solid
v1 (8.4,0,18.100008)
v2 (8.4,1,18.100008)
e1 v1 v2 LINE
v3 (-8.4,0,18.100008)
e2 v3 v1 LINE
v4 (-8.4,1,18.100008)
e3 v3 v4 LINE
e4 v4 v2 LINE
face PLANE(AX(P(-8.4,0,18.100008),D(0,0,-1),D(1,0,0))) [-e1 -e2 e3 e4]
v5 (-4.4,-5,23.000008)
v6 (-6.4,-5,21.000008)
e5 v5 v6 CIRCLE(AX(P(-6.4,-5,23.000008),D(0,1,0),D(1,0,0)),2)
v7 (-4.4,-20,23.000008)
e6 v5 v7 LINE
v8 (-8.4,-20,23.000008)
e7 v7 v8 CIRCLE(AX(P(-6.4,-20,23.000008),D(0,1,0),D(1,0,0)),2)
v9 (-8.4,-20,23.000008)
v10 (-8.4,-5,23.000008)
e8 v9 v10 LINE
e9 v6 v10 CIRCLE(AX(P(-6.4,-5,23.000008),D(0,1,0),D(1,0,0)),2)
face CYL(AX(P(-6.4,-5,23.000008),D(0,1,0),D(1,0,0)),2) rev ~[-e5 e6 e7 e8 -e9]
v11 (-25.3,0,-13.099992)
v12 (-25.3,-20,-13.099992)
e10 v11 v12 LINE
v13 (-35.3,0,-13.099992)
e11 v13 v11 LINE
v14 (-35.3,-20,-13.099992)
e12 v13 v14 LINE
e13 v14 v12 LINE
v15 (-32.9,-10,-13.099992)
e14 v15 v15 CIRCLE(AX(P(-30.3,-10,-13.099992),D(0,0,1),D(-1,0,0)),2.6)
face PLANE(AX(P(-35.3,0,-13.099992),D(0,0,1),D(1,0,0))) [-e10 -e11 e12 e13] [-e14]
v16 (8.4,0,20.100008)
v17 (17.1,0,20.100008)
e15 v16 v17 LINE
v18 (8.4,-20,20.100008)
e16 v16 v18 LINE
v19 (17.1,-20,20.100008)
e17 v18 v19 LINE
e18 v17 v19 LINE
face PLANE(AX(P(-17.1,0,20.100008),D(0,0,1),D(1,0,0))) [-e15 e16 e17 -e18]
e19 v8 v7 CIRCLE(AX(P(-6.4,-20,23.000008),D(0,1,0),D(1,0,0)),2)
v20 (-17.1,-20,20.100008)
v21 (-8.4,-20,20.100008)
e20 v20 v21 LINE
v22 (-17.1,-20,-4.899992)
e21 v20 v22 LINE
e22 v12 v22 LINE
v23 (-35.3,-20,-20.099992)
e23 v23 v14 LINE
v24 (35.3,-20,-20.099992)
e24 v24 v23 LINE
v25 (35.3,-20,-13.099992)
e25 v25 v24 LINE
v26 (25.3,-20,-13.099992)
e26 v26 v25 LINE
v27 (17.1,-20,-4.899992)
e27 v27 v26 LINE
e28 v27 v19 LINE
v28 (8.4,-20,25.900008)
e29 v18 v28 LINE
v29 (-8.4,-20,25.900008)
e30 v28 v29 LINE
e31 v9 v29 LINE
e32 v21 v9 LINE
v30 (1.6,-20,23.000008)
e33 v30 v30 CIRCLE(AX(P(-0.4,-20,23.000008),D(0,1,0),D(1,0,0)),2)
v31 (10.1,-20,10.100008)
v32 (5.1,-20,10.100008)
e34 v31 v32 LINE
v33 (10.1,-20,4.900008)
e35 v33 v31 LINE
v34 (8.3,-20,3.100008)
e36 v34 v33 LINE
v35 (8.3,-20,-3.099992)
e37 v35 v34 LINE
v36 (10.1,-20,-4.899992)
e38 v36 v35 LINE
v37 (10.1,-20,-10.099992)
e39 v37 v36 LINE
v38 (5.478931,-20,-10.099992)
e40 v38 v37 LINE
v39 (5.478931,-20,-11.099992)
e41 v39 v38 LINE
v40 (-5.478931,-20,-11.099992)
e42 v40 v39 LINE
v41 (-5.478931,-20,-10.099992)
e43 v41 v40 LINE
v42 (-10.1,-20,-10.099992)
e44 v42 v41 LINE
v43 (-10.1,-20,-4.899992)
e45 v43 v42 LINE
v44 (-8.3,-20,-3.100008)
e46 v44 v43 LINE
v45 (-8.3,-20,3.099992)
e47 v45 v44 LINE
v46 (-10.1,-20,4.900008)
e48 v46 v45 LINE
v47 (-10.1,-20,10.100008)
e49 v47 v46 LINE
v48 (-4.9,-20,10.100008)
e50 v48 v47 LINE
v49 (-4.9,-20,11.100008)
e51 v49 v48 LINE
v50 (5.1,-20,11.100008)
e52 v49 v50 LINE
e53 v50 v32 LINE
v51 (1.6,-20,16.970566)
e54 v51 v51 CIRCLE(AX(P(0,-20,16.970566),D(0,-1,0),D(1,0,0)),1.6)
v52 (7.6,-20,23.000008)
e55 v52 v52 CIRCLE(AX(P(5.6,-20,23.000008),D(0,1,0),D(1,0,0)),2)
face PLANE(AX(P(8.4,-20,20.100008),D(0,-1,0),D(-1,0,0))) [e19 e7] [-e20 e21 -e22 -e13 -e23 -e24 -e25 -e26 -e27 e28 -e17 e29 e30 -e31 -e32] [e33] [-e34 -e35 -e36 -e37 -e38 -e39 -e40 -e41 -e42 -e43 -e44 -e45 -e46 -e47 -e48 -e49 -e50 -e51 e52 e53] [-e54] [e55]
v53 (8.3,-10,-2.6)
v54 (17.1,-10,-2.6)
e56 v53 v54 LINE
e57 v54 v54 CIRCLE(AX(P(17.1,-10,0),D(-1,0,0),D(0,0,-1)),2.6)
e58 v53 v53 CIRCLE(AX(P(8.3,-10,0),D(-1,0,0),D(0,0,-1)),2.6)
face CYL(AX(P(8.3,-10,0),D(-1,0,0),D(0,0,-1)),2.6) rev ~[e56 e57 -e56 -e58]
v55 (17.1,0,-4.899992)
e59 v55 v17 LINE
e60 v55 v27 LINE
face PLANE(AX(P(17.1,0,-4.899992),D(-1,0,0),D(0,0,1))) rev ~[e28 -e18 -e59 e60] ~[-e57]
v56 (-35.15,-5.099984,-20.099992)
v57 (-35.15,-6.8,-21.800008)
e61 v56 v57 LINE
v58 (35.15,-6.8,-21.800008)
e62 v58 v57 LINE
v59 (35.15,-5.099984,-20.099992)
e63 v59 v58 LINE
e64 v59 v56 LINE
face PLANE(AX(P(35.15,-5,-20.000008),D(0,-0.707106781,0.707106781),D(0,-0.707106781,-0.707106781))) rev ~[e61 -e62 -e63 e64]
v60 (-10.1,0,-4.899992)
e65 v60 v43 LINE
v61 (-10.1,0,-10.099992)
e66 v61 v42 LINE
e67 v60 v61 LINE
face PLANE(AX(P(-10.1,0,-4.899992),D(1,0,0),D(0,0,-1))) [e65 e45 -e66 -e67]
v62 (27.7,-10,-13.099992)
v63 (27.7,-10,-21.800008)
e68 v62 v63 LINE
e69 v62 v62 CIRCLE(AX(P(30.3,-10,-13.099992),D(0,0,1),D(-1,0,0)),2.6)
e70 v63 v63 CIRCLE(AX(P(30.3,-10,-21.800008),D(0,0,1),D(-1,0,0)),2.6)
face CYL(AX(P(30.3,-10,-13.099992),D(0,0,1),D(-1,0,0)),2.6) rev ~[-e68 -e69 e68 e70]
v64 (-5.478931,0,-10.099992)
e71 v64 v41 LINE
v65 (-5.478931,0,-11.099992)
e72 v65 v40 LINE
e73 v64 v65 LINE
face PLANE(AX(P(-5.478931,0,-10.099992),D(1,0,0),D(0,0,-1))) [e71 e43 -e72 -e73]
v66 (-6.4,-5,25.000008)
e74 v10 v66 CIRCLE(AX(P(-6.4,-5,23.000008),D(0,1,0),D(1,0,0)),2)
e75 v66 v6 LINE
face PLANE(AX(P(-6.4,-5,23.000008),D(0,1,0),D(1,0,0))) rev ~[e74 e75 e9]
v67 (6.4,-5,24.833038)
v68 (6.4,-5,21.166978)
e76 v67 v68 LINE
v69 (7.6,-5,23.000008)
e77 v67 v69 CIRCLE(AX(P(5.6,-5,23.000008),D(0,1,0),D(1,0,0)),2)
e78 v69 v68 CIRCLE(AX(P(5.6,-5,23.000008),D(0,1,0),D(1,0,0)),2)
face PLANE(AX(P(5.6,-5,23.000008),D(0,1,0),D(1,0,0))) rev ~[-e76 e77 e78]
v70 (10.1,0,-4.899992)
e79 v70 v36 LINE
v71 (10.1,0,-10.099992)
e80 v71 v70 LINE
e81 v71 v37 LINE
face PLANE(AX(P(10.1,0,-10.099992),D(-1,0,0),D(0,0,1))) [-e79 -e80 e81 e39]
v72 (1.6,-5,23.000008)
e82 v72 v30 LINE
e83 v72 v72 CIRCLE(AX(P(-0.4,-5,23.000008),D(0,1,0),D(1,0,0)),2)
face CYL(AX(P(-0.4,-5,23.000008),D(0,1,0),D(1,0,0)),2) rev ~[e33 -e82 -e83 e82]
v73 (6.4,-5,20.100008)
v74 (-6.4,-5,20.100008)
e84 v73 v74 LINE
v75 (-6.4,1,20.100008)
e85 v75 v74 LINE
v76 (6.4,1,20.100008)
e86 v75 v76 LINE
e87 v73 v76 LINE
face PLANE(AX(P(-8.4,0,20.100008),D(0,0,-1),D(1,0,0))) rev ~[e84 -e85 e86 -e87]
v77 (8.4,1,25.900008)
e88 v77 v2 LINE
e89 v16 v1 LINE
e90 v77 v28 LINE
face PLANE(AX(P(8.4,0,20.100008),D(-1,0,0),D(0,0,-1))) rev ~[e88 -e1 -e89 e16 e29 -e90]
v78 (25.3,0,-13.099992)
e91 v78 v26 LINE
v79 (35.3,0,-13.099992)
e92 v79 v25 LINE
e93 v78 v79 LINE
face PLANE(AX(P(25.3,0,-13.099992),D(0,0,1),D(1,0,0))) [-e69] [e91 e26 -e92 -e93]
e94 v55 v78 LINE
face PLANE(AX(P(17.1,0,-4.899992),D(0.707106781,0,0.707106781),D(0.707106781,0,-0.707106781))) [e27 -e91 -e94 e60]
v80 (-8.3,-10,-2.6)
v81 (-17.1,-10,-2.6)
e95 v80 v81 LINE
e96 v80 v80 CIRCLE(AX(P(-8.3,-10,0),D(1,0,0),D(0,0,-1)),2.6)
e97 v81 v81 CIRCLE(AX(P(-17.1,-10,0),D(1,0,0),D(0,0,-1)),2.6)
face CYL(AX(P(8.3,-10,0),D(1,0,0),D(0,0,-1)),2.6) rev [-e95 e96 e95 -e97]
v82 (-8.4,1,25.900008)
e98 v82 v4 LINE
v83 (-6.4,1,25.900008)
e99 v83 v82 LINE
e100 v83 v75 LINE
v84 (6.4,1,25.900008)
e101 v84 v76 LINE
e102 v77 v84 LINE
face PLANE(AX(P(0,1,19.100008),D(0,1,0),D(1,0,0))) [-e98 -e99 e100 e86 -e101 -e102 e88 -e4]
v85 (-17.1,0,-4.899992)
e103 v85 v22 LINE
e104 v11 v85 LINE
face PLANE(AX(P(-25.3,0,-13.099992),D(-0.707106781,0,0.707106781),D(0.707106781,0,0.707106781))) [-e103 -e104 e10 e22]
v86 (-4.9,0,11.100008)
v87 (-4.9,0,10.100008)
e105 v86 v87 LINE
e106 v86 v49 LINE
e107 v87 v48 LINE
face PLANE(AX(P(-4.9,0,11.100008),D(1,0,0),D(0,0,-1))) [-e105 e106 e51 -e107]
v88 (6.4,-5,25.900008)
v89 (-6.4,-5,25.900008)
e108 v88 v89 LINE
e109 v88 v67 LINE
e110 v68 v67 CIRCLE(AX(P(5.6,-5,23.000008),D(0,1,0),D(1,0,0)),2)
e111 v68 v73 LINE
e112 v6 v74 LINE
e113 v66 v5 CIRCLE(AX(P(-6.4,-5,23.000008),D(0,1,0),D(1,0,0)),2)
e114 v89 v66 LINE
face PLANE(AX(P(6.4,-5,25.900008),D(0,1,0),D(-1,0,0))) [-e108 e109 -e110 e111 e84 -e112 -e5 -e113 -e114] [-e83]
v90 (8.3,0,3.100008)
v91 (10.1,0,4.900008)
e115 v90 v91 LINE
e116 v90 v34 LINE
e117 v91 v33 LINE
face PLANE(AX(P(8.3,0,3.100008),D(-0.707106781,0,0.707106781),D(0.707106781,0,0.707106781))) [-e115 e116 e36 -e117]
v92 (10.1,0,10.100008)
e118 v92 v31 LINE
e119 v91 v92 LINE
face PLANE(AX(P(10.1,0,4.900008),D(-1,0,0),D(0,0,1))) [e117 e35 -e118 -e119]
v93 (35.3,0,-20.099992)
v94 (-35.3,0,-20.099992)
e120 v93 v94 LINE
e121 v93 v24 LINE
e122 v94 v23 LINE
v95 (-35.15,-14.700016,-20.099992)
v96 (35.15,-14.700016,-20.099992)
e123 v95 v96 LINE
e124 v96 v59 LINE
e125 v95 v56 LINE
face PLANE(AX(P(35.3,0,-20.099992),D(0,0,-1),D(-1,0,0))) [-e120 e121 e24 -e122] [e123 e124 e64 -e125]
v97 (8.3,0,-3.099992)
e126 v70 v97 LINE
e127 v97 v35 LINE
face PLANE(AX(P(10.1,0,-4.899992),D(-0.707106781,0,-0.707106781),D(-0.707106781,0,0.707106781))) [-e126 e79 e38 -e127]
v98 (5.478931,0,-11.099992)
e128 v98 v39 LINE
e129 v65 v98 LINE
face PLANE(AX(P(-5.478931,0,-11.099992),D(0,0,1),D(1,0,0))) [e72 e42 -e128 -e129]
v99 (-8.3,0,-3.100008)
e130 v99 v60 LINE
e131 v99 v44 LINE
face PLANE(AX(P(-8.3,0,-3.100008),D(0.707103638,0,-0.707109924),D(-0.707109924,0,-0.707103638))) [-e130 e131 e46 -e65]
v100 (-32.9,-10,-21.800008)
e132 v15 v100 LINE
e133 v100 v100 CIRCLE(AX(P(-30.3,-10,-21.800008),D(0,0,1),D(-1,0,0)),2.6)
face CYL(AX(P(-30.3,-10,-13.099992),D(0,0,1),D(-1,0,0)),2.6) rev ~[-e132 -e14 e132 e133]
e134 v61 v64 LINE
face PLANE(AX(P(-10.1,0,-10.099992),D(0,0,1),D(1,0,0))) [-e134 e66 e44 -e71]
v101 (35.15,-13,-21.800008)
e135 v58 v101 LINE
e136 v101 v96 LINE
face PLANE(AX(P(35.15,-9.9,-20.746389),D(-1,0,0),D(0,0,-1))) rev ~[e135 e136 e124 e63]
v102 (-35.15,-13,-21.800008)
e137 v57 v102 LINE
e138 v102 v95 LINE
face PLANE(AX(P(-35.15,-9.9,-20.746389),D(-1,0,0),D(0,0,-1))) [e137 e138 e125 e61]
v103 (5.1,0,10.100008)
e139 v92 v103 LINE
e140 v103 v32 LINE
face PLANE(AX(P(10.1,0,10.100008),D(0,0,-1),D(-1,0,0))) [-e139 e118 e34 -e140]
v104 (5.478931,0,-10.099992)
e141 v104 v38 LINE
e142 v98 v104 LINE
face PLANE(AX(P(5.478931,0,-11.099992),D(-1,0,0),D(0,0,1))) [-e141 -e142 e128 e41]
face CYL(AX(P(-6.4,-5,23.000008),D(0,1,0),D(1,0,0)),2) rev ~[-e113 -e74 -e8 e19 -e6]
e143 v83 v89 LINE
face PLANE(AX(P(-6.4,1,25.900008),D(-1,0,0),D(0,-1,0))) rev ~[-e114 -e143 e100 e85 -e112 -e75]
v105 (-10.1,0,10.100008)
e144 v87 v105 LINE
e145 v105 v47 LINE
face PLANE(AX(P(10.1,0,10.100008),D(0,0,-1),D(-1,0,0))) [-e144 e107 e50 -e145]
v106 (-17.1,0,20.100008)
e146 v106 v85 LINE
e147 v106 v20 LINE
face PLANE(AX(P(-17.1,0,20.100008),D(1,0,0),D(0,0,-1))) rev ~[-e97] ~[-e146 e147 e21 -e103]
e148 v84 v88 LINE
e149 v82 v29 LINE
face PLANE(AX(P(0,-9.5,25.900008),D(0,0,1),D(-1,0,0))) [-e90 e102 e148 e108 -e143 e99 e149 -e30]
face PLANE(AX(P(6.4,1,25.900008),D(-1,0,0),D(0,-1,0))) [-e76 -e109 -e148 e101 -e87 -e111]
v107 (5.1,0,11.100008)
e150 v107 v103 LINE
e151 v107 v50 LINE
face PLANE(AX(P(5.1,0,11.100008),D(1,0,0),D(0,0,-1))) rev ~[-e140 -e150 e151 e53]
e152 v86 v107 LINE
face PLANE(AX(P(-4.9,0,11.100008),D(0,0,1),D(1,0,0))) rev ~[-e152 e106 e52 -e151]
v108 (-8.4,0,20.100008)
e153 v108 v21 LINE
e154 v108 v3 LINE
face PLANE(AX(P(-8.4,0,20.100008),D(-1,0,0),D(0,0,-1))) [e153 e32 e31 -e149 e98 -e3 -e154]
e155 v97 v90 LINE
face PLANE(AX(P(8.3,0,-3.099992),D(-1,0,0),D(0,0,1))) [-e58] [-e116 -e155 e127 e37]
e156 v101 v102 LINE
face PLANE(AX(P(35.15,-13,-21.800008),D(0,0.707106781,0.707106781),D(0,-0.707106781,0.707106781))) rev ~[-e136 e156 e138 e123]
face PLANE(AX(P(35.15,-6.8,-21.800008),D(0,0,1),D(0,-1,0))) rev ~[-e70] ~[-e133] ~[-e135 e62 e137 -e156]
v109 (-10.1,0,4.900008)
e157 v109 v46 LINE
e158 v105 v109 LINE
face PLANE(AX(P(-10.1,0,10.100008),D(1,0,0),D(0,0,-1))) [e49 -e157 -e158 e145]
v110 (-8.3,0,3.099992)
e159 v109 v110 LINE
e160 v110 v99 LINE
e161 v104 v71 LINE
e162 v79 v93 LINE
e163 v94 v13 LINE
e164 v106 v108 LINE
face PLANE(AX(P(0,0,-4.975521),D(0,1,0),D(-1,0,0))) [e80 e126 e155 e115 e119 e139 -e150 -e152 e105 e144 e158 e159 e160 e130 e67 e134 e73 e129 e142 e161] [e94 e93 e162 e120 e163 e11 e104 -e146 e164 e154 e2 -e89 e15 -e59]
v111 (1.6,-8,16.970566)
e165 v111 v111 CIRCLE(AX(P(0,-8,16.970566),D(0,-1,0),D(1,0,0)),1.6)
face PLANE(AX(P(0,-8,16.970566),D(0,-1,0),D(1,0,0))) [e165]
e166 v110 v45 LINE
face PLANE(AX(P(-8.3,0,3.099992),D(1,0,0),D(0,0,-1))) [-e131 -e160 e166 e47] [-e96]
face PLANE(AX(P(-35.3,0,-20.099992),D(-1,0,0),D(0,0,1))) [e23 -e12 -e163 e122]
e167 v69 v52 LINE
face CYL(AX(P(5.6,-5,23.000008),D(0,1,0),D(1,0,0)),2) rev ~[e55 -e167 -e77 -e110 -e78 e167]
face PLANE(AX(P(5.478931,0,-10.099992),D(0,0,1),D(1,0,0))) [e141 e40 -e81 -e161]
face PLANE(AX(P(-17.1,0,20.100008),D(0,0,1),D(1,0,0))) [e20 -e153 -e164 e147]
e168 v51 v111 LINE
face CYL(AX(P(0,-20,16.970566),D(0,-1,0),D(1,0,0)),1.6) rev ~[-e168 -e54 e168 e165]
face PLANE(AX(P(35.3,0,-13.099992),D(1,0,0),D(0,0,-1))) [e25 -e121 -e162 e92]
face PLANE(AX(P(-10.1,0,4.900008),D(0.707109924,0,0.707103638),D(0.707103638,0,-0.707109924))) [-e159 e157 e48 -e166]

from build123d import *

# Parameters (mm, degrees)
PAD004_DEPTH           = 20
SKETCH013_R            = 2.6
POCKET008_DEPTH        = 100
POCKET009_DEPTH        = 40
PAD005_DEPTH           = 70.3
SKETCH016_R            = 2.6
POCKET010_DEPTH        = 10
SKETCH017_R            = 2.6
POCKET011_DEPTH        = 10
SKETCH018_W            = 10
SKETCH018_H            = 1
POCKET012_DEPTH        = 25
SKETCH019_W            = 16.8
SKETCH019_H            = 21
PAD006_DEPTH           = 5.8
SKETCH020_W            = 12.8
SKETCH020_H            = 6
POCKET013_DEPTH        = 5.8
SKETCH021_W            = 16.8
SKETCH021_H            = 2
PAD007_DEPTH           = 1
SKETCH022_R            = 2
POCKET014_DEPTH        = 40
LINEARPATTERN001_COUNT = 3
LINEARPATTERN001_PITCH = 6
SKETCH023_R            = 1.6
POCKET015_DEPTH        = 12


with BuildPart() as part:
    # Sketch012 → Pad004 (new body)
    with BuildSketch(Plane.XZ):
        Polygon((17.1, 10.100008), (17.1, -4.899992), (25.3, -13.099992), (35.3, -13.099992), (35.3, -20.099992), (-35.3, -20.099992), (-35.3, -13.099992), (-25.3, -13.099992), (-17.1, -4.899992), (-17.1, 10.100008), (-17.1, 20.100008), (17.1, 20.100008), align=None)
        Polygon((-10.1, 10.100008), (-10.1, 4.900008), (-8.3, 3.099992), (-8.3, -3.100008), (-10.1, -4.899992), (-10.1, -10.099992), (-5.478931, -10.099992), (-5.478931, -11.099992), (5.478931, -11.099992), (5.478931, -10.099992), (10.1, -10.099992), (10.1, -4.899992), (8.3, -3.099992), (8.3, 3.100008), (10.1, 4.900008), (10.1, 10.100008), align=None, mode=Mode.SUBTRACT)
    extrude(amount=PAD004_DEPTH)

    # Sketch013 (on Face22 of Pad004) → Pocket008 (cut)
    with BuildSketch(Plane(origin=(8.3, 0, 0), x_dir=(0, 0, -1), z_dir=(-1, 0, 0))):
        with Locations((0, 10)):
            Circle(SKETCH013_R)
    extrude(amount=-POCKET008_DEPTH, mode=Mode.SUBTRACT)

    # Sketch013 (on Face22 of Pad004) → Pocket009 (cut)
    with BuildSketch(Plane(origin=(8.3, 0, 0), x_dir=(0, 0, -1), z_dir=(-1, 0, 0))):
        with Locations((0, 10)):
            Circle(SKETCH013_R)
    extrude(amount=POCKET009_DEPTH, mode=Mode.SUBTRACT)

    # Sketch015 → Pad005 (join)
    with BuildSketch(Plane(origin=(35.15, 0, 0), x_dir=(0, 0, 1), z_dir=(1, 0, 0))):
        Polygon((-20.000008, 14.8), (-20.000008, 5), (-21.800008, 6.8), (-21.800008, 13), align=None)
    extrude(amount=-PAD005_DEPTH)

    # Sketch016 (on Face3 of Pad005) → Pocket010 (cut)
    with BuildSketch(Plane(origin=(0, 0, -13.099992), x_dir=(-1, 0, 0), z_dir=(0, 0, 1))):
        with Locations((-30.3, 10)):
            Circle(SKETCH016_R)
    extrude(amount=-POCKET010_DEPTH, mode=Mode.SUBTRACT)

    # Sketch017 (on Face12 of Pocket010) → Pocket011 (cut)
    with BuildSketch(Plane(origin=(0, 0, -13.099992), x_dir=(-1, 0, 0), z_dir=(0, 0, 1))):
        with Locations((30.3, 10)):
            Circle(SKETCH017_R)
    extrude(amount=-POCKET011_DEPTH, mode=Mode.SUBTRACT)

    # Sketch018 (on Face4 of Pocket011) → Pocket012 (cut)
    with BuildSketch(Plane(origin=(0, 0, 0), x_dir=(1, 0, 0), z_dir=(0, 1, 0))):
        with Locations((0.1, -10.600008)):
            Rectangle(SKETCH018_W, SKETCH018_H)
    extrude(amount=-POCKET012_DEPTH, mode=Mode.SUBTRACT)

    # Sketch019 (on Face6 of Pocket012) → Pad006 (join)
    with BuildSketch(Plane(origin=(0, 0, 20.100008), x_dir=(-1, 0, 0), z_dir=(0, 0, 1))):
        with Locations((0, 9.5)):
            Rectangle(SKETCH019_W, SKETCH019_H)
    extrude(amount=PAD006_DEPTH)

    # Sketch020 (on Face46 of Pad006) → Pocket013 (cut)
    with BuildSketch(Plane(origin=(0, 0, 25.900008), x_dir=(-1, 0, 0), z_dir=(0, 0, 1))):
        with Locations((0, 2)):
            Rectangle(SKETCH020_W, SKETCH020_H)
    extrude(amount=-POCKET013_DEPTH, mode=Mode.SUBTRACT)

    # Sketch021 (on Face4 of Pocket013) → Pad007 (join)
    with BuildSketch(Plane(origin=(0, 0, 0), x_dir=(1, 0, 0), z_dir=(0, 1, 0))):
        with Locations((0, -19.100008)):
            Rectangle(SKETCH021_W, SKETCH021_H)
    extrude(amount=PAD007_DEPTH)

    # Sketch022 (on Face46 of Pad007) → Pocket014 (cut)
    with BuildSketch(Plane(origin=(0, -5, 0), x_dir=(1, 0, 0), z_dir=(0, 1, 0))):
        with Locations((-6.4, -23.000008)):
            Circle(SKETCH022_R)
    pocket014 = extrude(amount=-POCKET014_DEPTH, mode=Mode.SUBTRACT)

    # LinearPattern001: Pocket014 ×3
    with Locations(*[(i * LINEARPATTERN001_PITCH, 0, 0) for i in range(1, LINEARPATTERN001_COUNT)]):
        add(pocket014, mode=Mode.SUBTRACT)

    # Sketch023 (on Face5 of LinearPattern001) → Pocket015 (cut)
    with BuildSketch(Plane.XZ.offset(20)):
        with Locations((0, 16.970566)):
            Circle(SKETCH023_R)
    extrude(amount=-POCKET015_DEPTH, mode=Mode.SUBTRACT)


solid = part.part
